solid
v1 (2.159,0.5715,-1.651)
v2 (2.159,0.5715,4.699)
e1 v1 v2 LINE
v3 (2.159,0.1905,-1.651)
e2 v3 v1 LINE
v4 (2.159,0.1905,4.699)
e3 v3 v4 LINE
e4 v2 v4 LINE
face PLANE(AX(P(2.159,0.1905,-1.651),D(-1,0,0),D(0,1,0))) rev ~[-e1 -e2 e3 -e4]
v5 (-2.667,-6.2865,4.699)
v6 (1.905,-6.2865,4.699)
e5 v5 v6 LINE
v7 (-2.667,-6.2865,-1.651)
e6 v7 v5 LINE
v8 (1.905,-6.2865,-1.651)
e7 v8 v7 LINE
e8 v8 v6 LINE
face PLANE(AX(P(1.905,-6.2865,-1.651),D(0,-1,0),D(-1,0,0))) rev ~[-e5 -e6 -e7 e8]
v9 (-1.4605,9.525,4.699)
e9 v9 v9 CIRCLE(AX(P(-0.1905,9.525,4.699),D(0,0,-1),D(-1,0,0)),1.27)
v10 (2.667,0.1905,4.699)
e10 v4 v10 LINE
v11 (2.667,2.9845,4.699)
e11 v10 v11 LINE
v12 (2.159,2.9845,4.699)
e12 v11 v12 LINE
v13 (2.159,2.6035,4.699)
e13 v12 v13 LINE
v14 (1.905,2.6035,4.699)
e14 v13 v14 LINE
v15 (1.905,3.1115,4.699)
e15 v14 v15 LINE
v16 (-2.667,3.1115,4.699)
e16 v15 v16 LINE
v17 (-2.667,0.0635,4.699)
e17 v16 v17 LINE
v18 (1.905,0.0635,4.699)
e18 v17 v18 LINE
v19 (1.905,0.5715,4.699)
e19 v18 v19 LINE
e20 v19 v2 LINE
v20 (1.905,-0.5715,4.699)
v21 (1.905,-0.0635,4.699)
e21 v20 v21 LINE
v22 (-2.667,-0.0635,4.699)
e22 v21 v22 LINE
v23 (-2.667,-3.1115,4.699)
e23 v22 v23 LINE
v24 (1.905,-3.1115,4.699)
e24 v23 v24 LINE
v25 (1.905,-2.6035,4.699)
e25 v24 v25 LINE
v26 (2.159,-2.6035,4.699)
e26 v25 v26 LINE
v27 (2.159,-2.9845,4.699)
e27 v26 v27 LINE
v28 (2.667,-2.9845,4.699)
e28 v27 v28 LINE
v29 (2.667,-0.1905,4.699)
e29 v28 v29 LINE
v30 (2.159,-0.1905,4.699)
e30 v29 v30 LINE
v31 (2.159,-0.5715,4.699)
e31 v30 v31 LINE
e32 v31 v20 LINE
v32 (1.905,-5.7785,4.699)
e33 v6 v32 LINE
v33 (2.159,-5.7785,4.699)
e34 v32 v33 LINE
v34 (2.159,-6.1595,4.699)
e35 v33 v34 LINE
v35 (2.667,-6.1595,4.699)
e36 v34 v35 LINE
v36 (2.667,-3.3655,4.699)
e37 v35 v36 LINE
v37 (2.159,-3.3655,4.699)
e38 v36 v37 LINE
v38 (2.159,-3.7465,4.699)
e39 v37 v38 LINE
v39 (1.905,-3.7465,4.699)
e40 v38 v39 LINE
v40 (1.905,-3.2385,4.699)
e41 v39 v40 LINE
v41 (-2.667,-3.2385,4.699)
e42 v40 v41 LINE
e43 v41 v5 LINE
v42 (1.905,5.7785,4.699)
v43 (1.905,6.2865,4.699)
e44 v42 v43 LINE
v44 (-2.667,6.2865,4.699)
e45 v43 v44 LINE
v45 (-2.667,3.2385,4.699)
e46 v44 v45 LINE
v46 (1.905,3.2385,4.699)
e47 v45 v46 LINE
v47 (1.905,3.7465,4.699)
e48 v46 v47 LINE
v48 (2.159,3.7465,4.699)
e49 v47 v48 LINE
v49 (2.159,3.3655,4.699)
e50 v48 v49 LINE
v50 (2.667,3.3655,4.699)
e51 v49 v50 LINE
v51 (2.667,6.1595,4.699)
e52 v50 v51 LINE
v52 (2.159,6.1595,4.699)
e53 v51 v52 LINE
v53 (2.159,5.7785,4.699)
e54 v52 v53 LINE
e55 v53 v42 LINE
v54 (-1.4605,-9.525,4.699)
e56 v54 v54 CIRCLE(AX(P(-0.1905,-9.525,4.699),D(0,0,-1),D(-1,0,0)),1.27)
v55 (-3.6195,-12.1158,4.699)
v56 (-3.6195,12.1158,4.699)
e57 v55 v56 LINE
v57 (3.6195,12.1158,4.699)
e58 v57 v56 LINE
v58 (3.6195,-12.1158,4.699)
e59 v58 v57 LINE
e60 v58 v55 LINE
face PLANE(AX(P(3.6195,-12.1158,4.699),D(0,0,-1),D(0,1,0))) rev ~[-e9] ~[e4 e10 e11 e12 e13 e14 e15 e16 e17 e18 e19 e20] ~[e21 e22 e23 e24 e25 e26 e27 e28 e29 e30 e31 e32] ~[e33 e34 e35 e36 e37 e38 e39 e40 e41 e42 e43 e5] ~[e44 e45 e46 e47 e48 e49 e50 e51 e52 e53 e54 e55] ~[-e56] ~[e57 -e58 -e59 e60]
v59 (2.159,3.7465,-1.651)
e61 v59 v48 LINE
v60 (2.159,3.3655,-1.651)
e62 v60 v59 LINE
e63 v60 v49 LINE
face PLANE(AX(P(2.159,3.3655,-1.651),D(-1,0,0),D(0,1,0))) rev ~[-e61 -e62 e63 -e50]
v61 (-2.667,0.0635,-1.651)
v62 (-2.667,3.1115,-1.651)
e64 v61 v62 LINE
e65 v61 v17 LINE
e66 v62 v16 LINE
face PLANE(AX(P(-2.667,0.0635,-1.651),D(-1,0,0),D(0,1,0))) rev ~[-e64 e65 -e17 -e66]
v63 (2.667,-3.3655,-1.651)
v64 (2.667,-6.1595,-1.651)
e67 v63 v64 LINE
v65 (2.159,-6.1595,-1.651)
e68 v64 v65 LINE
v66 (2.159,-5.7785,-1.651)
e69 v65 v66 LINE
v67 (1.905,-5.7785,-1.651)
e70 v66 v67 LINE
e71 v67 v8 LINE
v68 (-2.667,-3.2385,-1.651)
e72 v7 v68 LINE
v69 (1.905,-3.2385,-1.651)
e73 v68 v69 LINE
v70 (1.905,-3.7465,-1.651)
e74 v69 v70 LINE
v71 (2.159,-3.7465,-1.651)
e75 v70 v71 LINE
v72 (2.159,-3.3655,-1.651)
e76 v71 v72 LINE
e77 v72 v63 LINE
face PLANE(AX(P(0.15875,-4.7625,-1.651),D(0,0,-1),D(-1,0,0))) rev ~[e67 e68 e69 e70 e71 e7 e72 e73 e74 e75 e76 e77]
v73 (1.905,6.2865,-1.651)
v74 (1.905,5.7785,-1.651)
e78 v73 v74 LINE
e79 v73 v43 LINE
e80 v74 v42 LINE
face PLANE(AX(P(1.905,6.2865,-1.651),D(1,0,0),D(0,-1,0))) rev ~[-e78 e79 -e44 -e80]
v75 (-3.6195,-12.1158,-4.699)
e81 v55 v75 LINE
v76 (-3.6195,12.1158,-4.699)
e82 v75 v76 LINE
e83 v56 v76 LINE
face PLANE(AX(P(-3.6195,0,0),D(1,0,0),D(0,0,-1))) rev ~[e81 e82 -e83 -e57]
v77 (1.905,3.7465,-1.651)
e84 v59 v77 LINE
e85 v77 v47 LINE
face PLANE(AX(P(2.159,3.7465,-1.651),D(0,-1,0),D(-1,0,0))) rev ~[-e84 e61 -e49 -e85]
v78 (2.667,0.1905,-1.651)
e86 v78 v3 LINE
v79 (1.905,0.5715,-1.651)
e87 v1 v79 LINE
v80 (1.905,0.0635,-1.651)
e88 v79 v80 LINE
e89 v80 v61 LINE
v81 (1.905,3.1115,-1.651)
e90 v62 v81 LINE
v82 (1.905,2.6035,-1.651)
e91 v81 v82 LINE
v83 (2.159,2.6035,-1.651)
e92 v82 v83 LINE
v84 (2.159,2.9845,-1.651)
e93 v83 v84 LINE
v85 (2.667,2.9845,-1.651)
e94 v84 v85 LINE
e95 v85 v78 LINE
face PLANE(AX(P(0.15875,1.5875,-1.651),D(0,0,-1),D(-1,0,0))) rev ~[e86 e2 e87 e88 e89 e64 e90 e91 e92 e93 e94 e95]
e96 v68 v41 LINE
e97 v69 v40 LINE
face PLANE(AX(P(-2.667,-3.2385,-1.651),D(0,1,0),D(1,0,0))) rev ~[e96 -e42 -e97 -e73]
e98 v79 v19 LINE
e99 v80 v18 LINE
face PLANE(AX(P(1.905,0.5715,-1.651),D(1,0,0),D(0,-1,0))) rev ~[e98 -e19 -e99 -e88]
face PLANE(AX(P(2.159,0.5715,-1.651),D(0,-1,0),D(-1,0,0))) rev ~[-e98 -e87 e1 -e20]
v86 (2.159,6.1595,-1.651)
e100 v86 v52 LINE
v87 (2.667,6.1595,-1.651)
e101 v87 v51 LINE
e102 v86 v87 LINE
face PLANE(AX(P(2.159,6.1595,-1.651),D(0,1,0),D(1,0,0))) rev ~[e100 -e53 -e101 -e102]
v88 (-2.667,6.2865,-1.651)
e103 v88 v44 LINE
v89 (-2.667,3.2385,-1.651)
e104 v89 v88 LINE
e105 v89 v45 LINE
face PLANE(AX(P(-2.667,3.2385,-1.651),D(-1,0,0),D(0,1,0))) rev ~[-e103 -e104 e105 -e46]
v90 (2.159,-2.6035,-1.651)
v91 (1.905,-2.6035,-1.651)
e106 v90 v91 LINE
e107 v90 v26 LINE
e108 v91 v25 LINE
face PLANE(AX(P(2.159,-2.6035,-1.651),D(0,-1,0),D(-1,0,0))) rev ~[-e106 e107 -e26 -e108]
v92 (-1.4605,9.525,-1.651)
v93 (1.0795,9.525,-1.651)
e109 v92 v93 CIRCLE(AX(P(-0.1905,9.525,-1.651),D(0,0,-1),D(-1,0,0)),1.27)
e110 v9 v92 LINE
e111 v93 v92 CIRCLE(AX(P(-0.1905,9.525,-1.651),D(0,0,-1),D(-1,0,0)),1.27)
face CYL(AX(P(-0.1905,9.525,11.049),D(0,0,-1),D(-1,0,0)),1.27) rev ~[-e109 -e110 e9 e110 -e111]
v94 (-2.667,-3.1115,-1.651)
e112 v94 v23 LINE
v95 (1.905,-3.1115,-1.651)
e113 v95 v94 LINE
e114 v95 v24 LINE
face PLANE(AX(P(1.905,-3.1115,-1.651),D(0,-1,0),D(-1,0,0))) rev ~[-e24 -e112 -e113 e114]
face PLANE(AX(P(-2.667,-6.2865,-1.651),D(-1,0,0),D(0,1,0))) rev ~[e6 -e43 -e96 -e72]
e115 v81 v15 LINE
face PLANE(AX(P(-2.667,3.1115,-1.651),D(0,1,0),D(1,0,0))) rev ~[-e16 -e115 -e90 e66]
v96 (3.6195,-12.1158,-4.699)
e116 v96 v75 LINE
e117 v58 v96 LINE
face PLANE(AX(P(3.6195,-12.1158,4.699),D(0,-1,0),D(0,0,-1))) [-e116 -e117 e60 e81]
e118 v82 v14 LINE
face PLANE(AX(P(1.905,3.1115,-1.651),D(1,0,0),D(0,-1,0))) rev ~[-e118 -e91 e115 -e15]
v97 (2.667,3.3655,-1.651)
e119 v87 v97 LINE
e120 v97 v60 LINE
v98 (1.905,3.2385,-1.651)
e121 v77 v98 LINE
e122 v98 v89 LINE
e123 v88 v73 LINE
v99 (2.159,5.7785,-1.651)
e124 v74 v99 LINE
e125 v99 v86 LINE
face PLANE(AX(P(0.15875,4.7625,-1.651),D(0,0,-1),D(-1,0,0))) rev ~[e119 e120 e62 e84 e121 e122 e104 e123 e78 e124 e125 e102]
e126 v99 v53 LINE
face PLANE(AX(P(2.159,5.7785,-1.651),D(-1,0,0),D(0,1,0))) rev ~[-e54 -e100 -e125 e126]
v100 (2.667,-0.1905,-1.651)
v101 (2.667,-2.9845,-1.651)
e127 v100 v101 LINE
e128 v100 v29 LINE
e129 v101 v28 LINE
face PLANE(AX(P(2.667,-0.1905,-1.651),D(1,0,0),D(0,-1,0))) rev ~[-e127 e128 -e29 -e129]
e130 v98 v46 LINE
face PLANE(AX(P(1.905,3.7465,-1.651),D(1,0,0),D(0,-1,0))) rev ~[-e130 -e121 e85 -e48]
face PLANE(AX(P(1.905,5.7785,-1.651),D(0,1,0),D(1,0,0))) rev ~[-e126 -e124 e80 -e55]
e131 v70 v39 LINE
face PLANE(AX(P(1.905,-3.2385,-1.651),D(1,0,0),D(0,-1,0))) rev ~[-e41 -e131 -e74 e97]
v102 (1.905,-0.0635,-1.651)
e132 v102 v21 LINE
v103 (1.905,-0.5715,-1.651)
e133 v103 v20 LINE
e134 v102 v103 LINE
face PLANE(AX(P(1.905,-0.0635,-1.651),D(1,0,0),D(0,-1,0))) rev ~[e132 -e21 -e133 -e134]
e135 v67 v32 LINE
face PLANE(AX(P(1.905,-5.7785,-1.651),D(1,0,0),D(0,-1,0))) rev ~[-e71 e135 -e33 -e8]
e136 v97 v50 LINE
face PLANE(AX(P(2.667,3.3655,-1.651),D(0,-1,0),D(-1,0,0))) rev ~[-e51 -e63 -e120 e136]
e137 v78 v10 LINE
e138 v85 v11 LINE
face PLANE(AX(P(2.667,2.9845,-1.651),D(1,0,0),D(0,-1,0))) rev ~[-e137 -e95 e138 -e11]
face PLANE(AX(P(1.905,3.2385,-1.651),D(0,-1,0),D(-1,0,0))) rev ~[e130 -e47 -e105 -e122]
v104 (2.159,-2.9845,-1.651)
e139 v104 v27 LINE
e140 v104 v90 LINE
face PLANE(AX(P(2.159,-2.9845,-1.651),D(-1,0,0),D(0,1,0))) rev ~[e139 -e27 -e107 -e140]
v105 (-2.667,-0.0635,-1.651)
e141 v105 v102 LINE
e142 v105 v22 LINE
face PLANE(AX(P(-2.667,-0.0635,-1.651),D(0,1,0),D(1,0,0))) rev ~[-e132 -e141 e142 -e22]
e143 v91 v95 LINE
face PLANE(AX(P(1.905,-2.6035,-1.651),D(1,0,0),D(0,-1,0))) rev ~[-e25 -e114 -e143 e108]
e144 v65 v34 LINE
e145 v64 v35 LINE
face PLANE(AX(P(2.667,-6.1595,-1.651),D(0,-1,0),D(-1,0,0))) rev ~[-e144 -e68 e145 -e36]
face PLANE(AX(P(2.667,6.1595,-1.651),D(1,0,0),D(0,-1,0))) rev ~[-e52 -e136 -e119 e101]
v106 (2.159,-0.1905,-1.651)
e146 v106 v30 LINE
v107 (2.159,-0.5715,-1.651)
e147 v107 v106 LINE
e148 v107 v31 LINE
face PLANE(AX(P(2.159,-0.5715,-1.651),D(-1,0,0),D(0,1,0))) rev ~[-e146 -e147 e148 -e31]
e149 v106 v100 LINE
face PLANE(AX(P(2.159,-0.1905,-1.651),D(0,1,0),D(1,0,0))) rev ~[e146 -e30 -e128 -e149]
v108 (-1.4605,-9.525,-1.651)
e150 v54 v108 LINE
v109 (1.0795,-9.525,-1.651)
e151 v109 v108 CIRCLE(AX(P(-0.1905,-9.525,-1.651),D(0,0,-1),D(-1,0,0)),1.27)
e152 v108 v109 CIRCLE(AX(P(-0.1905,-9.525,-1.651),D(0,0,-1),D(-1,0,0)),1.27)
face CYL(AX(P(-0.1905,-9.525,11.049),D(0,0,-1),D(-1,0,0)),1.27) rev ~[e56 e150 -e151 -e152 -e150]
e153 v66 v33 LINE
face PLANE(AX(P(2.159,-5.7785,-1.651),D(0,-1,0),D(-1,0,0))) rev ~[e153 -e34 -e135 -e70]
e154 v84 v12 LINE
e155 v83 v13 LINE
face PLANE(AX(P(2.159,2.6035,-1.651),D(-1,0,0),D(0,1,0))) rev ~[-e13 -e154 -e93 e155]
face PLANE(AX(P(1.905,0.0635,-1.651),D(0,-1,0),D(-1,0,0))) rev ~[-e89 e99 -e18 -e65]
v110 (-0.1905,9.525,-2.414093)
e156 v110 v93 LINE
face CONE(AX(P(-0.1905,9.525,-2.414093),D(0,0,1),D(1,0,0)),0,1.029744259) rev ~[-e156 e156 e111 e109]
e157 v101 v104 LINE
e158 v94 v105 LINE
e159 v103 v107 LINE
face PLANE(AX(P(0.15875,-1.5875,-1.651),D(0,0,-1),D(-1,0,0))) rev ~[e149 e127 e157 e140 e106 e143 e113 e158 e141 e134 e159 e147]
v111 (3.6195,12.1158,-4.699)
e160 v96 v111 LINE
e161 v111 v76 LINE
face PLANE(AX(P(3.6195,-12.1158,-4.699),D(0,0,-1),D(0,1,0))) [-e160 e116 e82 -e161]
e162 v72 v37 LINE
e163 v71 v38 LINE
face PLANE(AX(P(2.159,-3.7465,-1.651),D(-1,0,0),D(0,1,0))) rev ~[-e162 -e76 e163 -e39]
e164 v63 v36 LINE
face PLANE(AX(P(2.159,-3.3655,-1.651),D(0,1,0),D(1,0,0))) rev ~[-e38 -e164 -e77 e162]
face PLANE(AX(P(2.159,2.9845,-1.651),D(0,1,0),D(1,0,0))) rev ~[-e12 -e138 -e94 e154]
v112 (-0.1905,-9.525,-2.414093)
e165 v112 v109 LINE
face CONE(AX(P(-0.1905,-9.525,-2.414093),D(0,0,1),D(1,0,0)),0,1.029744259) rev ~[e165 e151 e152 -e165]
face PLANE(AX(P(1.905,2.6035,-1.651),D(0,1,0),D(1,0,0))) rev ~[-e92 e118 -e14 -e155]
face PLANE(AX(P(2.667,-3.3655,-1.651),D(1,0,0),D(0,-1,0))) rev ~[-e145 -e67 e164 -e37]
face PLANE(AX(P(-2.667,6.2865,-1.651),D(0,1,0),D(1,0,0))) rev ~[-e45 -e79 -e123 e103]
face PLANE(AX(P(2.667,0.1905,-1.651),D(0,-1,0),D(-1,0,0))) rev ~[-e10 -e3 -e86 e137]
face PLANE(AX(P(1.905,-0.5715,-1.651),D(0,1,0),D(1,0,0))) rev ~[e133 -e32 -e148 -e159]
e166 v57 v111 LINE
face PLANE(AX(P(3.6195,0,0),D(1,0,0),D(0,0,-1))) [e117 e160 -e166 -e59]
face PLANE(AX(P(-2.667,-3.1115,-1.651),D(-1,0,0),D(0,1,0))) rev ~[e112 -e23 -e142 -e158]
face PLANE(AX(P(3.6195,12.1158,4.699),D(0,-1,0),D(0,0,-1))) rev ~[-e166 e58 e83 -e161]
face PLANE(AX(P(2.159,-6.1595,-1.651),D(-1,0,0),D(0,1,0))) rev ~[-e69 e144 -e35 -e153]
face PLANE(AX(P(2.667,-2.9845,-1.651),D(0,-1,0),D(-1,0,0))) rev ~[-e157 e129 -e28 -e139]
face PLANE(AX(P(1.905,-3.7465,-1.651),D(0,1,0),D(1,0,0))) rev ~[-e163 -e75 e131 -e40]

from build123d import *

# Parameters (mm, degrees)
SKETCH1_W           = 9.398
SKETCH1_H           = 24.2316
BOSS_EXTRUDE1_DEPTH = 7.239
HOLE1_D             = 2.54
HOLE1_DEPTH         = 6.35
HOLE1_TIP           = 0.763092986
CUT_EXTRUDE1_REACH  = 16.15


with BuildPart() as part:
    # Sketch1 → Boss-Extrude1 (new body)
    with BuildSketch(Plane(origin=(3.6195, 0, 0), x_dir=(0, 0, -1), z_dir=(1, 0, 0))):
        Rectangle(SKETCH1_W, SKETCH1_H)
    extrude(amount=-BOSS_EXTRUDE1_DEPTH)

    # Hole1
    with Locations(Plane.XY.offset(4.699)):
        with Locations((-0.1905, -9.525), (-0.1905, 9.525)):
            Hole(HOLE1_D / 2, depth=HOLE1_DEPTH)
            with Locations((0, 0, -(HOLE1_DEPTH + HOLE1_TIP / 2))):  # 118° drill point
                Cone(0, HOLE1_D / 2, HOLE1_TIP, mode=Mode.SUBTRACT)

    # Sketch4 → Cut-Extrude1 (cut, up to next)
    with BuildSketch(Plane(origin=(0, 0, -1.651), x_dir=(-1, 0, 0), z_dir=(0, 0, -1)), mode=Mode.PRIVATE) as cut_extrude1_sk1:
        Polygon((2.667, 6.2865), (-1.905, 6.2865), (-1.905, 5.7785), (-2.159, 5.7785), (-2.159, 6.1595), (-2.667, 6.1595), (-2.667, 3.3655), (-2.159, 3.3655), (-2.159, 3.7465), (-1.905, 3.7465), (-1.905, 3.2385), (2.667, 3.2385), align=None)
    cut_extrude1_tool1 = extrude(cut_extrude1_sk1.sketch, amount=-CUT_EXTRUDE1_REACH, mode=Mode.PRIVATE) & part.part
    # Sketch4 → Cut-Extrude1 (cut, up to next)
    with BuildSketch(Plane(origin=(0, 0, -1.651), x_dir=(-1, 0, 0), z_dir=(0, 0, -1)), mode=Mode.PRIVATE) as cut_extrude1_sk2:
        Polygon((2.667, 3.1115), (-1.905, 3.1115), (-1.905, 2.6035), (-2.159, 2.6035), (-2.159, 2.9845), (-2.667, 2.9845), (-2.667, 0.1905), (-2.159, 0.1905), (-2.159, 0.5715), (-1.905, 0.5715), (-1.905, 0.0635), (2.667, 0.0635), align=None)
    cut_extrude1_tool2 = extrude(cut_extrude1_sk2.sketch, amount=-CUT_EXTRUDE1_REACH, mode=Mode.PRIVATE) & part.part
    # Sketch4 → Cut-Extrude1 (cut, up to next)
    with BuildSketch(Plane(origin=(0, 0, -1.651), x_dir=(-1, 0, 0), z_dir=(0, 0, -1)), mode=Mode.PRIVATE) as cut_extrude1_sk3:
        Polygon((2.667, -0.0635), (-1.905, -0.0635), (-1.905, -0.5715), (-2.159, -0.5715), (-2.159, -0.1905), (-2.667, -0.1905), (-2.667, -2.9845), (-2.159, -2.9845), (-2.159, -2.6035), (-1.905, -2.6035), (-1.905, -3.1115), (2.667, -3.1115), align=None)
    cut_extrude1_tool3 = extrude(cut_extrude1_sk3.sketch, amount=-CUT_EXTRUDE1_REACH, mode=Mode.PRIVATE) & part.part
    # Sketch4 → Cut-Extrude1 (cut, up to next)
    with BuildSketch(Plane(origin=(0, 0, -1.651), x_dir=(-1, 0, 0), z_dir=(0, 0, -1)), mode=Mode.PRIVATE) as cut_extrude1_sk4:
        Polygon((2.667, -3.2385), (-1.905, -3.2385), (-1.905, -3.7465), (-2.159, -3.7465), (-2.159, -3.3655), (-2.667, -3.3655), (-2.667, -6.1595), (-2.159, -6.1595), (-2.159, -5.7785), (-1.905, -5.7785), (-1.905, -6.2865), (2.667, -6.2865), align=None)
    cut_extrude1_tool4 = extrude(cut_extrude1_sk4.sketch, amount=-CUT_EXTRUDE1_REACH, mode=Mode.PRIVATE) & part.part
    add(cut_extrude1_tool1.solids().sort_by_distance((-0.052659, 4.7625, -1.651))[0], mode=Mode.SUBTRACT)
    add(cut_extrude1_tool2.solids().sort_by_distance((-0.052659, 1.5875, -1.651))[0], mode=Mode.SUBTRACT)
    add(cut_extrude1_tool3.solids().sort_by_distance((-0.052659, -1.5875, -1.651))[0], mode=Mode.SUBTRACT)
    add(cut_extrude1_tool4.solids().sort_by_distance((-0.052659, -4.7625, -1.651))[0], mode=Mode.SUBTRACT)


solid = part.part
